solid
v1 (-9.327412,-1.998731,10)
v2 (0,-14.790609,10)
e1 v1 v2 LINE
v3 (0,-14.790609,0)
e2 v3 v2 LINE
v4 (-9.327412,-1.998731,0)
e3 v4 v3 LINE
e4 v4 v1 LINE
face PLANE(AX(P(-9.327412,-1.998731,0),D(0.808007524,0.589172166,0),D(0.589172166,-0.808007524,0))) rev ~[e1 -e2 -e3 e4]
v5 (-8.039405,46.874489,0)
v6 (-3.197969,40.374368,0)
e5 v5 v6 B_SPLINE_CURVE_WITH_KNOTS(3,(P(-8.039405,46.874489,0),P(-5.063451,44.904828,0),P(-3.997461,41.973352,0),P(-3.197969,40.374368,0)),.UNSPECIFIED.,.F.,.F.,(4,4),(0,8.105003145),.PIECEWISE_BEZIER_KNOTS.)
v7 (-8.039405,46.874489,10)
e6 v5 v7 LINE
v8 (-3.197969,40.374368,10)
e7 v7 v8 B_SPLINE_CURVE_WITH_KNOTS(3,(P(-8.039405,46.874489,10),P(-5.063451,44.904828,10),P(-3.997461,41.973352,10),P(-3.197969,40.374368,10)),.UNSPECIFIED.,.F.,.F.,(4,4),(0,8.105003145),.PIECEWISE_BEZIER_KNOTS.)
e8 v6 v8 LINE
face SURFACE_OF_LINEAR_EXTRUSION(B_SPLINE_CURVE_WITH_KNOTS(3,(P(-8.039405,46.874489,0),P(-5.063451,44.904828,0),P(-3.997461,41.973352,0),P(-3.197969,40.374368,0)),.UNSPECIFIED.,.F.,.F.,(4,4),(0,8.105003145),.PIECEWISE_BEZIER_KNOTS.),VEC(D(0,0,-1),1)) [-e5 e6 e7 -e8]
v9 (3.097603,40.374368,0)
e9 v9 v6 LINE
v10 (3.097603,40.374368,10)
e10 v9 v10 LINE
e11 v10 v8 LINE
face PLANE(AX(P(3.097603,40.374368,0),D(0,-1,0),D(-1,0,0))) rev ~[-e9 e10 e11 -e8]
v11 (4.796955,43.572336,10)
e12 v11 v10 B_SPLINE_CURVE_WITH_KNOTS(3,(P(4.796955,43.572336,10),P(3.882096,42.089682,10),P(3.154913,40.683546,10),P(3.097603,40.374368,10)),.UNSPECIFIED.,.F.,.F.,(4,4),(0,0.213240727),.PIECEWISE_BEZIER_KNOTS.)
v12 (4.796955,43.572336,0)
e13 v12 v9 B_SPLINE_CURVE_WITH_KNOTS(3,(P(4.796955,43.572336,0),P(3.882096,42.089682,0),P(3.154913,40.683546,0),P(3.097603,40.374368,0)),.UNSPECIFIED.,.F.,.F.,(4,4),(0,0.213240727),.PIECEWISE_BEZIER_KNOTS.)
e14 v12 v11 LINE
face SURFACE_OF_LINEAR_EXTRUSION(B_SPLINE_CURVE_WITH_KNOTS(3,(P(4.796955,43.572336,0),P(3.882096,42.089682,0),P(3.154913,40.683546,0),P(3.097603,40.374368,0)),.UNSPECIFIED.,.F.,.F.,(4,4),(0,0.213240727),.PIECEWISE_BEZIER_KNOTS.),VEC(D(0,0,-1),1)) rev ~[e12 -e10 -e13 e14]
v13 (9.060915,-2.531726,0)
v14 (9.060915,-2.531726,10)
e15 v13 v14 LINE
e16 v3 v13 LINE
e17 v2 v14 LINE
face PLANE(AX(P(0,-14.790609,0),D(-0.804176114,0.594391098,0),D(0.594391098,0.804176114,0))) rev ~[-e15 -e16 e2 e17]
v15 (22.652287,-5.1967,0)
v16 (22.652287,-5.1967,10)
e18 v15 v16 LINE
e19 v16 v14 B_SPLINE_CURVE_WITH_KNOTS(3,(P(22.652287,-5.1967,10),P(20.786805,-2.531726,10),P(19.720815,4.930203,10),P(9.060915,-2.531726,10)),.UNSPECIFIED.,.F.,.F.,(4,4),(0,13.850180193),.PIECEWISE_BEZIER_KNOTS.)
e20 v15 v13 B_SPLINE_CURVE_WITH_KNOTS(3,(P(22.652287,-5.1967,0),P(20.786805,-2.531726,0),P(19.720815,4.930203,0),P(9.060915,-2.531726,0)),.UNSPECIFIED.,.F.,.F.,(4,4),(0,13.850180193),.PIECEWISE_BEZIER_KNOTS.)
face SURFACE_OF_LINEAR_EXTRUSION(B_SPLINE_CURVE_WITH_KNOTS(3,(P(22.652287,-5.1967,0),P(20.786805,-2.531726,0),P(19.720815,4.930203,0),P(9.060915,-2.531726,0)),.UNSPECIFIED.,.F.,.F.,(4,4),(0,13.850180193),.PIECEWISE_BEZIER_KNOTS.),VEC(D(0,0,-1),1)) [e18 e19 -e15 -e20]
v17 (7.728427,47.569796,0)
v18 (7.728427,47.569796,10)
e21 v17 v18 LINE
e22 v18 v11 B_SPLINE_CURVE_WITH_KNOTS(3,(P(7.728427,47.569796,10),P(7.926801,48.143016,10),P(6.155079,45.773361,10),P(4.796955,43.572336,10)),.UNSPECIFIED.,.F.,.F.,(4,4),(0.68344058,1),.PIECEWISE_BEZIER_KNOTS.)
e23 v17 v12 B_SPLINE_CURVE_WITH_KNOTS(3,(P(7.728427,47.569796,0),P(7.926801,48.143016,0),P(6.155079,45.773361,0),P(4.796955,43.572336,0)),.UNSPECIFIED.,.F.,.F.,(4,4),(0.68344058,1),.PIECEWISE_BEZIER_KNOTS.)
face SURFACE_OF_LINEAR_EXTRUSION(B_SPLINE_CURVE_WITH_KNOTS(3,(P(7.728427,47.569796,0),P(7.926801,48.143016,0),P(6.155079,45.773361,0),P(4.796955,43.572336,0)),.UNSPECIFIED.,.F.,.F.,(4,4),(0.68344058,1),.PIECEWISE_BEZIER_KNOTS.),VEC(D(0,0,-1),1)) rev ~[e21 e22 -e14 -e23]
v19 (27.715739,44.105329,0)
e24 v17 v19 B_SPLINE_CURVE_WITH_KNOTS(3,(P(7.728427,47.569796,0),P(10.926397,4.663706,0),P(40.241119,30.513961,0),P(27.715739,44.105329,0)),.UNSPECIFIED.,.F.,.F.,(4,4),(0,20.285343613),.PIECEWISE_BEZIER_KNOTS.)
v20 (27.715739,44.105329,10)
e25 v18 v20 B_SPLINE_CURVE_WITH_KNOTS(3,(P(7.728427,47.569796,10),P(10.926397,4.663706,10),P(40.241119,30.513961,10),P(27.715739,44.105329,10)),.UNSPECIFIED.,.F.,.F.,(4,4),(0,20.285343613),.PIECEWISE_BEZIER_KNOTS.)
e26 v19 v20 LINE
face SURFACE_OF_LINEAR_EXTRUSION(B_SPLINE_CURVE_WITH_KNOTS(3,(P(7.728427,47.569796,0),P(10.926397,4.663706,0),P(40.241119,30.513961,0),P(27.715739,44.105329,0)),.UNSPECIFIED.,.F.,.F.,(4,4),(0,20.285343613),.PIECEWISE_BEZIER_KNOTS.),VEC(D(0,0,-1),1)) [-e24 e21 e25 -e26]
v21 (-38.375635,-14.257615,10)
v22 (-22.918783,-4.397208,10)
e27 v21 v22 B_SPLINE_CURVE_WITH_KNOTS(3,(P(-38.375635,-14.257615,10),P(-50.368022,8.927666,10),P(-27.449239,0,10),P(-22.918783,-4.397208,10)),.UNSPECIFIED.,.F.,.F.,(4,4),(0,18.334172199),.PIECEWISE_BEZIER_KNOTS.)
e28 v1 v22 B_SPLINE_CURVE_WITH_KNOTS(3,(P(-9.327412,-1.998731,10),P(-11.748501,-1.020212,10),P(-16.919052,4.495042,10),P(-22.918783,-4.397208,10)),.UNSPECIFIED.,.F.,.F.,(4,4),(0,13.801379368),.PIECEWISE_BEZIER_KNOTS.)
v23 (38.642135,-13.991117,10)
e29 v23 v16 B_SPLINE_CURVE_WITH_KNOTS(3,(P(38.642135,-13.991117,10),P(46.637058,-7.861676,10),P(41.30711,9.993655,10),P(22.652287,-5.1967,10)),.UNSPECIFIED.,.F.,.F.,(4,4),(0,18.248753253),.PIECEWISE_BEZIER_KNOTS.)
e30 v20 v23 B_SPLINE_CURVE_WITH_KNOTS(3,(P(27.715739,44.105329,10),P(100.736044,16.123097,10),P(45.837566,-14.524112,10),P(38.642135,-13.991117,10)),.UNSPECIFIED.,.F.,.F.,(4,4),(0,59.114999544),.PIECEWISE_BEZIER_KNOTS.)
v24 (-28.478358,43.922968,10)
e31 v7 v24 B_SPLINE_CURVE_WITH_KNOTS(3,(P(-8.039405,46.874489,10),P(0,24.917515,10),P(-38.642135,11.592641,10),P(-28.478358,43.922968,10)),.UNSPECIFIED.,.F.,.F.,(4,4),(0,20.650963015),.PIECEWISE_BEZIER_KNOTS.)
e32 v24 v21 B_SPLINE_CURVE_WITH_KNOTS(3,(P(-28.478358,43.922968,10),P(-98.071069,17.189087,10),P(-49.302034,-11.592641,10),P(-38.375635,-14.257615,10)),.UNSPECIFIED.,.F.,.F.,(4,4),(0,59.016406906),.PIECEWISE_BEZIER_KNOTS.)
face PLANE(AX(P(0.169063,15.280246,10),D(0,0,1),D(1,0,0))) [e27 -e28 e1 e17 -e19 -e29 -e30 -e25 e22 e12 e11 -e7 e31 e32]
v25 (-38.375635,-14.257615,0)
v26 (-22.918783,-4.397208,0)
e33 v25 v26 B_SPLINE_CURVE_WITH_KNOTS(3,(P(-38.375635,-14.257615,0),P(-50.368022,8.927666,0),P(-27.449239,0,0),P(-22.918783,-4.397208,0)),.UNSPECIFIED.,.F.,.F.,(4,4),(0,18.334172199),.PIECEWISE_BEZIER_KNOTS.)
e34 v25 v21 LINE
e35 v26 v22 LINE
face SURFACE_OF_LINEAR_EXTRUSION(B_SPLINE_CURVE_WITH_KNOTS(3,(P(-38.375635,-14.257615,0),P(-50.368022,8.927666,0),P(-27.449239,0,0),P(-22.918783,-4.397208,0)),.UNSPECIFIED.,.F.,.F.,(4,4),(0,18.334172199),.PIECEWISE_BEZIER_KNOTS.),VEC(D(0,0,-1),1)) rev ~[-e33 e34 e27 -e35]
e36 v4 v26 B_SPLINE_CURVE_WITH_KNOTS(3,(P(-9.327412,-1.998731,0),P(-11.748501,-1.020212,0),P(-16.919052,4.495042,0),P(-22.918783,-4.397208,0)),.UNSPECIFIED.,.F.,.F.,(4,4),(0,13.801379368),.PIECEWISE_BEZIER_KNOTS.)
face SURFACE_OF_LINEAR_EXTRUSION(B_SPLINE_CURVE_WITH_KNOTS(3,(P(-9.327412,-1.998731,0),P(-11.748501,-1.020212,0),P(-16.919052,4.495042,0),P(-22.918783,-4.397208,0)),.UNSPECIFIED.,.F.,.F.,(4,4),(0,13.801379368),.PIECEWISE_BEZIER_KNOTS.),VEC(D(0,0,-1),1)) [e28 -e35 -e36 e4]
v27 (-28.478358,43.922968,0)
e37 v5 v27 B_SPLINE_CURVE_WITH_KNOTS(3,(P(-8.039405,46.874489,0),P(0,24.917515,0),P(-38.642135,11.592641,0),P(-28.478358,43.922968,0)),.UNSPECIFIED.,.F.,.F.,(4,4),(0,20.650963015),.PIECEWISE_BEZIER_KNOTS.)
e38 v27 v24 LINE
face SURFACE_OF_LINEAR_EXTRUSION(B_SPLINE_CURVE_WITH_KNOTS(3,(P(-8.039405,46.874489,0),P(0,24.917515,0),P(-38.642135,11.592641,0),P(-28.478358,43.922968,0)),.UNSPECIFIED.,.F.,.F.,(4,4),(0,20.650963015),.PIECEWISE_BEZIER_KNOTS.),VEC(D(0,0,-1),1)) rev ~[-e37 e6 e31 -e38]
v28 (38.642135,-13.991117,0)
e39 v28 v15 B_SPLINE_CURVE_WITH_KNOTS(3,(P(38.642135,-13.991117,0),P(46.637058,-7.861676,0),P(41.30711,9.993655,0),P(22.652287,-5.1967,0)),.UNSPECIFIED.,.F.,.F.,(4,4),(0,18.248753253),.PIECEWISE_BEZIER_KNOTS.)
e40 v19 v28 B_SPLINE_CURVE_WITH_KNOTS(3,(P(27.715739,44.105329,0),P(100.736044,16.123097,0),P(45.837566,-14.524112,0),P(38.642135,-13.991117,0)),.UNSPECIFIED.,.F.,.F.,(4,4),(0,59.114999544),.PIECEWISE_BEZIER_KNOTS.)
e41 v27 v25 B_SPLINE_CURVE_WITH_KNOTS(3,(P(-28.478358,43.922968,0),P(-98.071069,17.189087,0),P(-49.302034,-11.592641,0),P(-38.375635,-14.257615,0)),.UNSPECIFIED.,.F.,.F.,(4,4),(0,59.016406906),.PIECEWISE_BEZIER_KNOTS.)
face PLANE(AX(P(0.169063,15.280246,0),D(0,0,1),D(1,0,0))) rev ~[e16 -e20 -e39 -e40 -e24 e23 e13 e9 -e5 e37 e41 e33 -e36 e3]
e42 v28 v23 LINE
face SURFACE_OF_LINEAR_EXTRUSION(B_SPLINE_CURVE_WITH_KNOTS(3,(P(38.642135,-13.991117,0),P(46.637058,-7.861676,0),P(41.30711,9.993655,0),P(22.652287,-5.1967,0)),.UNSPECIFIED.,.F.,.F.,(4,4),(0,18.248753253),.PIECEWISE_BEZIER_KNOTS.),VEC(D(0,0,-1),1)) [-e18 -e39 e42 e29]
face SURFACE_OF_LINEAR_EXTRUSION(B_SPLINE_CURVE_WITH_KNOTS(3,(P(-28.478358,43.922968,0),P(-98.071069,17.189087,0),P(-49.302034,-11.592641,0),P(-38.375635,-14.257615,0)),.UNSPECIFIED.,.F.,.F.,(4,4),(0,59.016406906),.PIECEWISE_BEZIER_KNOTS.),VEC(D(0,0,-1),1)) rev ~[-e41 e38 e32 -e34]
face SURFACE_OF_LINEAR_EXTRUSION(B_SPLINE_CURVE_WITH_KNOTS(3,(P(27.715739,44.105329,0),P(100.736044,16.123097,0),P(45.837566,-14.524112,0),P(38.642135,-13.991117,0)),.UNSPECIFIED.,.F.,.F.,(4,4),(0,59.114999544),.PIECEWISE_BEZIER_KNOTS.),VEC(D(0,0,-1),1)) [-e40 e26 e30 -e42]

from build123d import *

# Parameters (mm, degrees)
F1_DEPTH = 10
F2_DEPTH = 10


with BuildPart() as f1:
    # F0 (on Top) → F1 (new body)
    with BuildSketch(Plane.XY):
        with BuildLine():
            Line((3.0976026609, 40.3743684292), (-3.1979687046, 40.3743684292))
            add(Edge.make_bspline(
                [(-8.0394047152, 46.8744894546), (-5.0634508952, 44.9048280716), (-3.997460939, 41.9733524323), (-3.1979687046, 40.3743684292)],
                knots=[0, 0, 0, 0, 8.1050031455, 8.1050031455, 8.1050031455, 8.1050031455], degree=3))
            add(Edge.make_bspline(
                [(-8.0394047152, 46.8744894546), (0, 24.9175149947), (-38.6421345174, 11.5926405415), (-28.4783576003, 43.922968086)],
                knots=[0, 0, 0, 0, 20.6509630146, 20.6509630146, 20.6509630146, 20.6509630146], degree=3))
            add(Edge.make_bspline(
                [(-28.4783576003, 43.922968086), (-98.0710685253, 17.1890873462), (-49.30203408, -11.5926405415), (-38.3756347001, -14.2576145008)],
                knots=[0, 0, 0, 0, 59.0164069063, 59.0164069063, 59.0164069063, 59.0164069063], degree=3))
            add(Edge.make_bspline(
                [(-38.3756347001, -14.2576145008), (-50.3680221736, 8.9276656508), (-27.4492390454, 0), (-22.9187831283, -4.3972083367)],
                knots=[0, 0, 0, 0, 18.3341721993, 18.3341721993, 18.3341721993, 18.3341721993], degree=3))
            add(Edge.make_bspline(
                [(-9.3274116516, -1.9987309352), (-11.7485010996, -1.0202123085), (-16.9190522283, 4.4950419106), (-22.9187831283, -4.3972083367)],
                knots=[0, 0, 0, 0, 13.8013793681, 13.8013793681, 13.8013793681, 13.8013793681], degree=3))
            Line((-9.3274116516, -1.9987309352), (0, -14.790609479))
            Line((0, -14.790609479), (9.0609146282, -2.5317261461))
            add(Edge.make_bspline(
                [(22.6522870362, -5.1967003383), (20.7868050784, -2.5317261461), (19.7208151221, 4.9302033149), (9.0609146282, -2.5317261461)],
                knots=[0, 0, 0, 0, 13.8501801929, 13.8501801929, 13.8501801929, 13.8501801929], degree=3))
            add(Edge.make_bspline(
                [(38.6421345174, -13.9911174774), (46.6370582581, -7.8616756946), (41.3071103394, 9.9936546758), (22.6522870362, -5.1967003383)],
                knots=[0, 0, 0, 0, 18.2487532531, 18.2487532531, 18.2487532531, 18.2487532531], degree=3))
            add(Edge.make_bspline(
                [(27.7157388628, 44.1053286195), (100.7360443473, 16.1230973899), (45.8375662565, -14.5241124555), (38.6421345174, -13.9911174774)],
                knots=[0, 0, 0, 0, 59.114999544, 59.114999544, 59.114999544, 59.114999544], degree=3))
            add(Edge.make_bspline(
                [(7.7284271829, 47.569796443), (10.926396586, 4.6637058258), (40.2411185205, 30.5139608681), (27.7157388628, 44.1053286195)],
                knots=[0, 0, 0, 0, 20.2853436128, 20.2853436128, 20.2853436128, 20.2853436128], degree=3))
            add(Edge.make_bspline(
                [(3.1979703344, 40.3743684292), (3.8295369522, 41.0204581019), (7.468618972, 46.819058009), (7.7284271829, 47.569796443)],
                knots=[0.268846453, 0.268846453, 0.268846453, 0.268846453, 0.6834405804, 0.6834405804, 0.6834405804, 0.6834405804], degree=3))
            add(Edge.make_bspline(
                [(3.0976026609, 40.3743684292), (3.0826582179, 40.2937456666), (3.1132640682, 40.2877143181), (3.1979703344, 40.3743684292)],
                knots=[0.2132407266, 0.2132407266, 0.2132407266, 0.2132407266, 0.268846453, 0.268846453, 0.268846453, 0.268846453], degree=3))
        make_face()
        with BuildLine():
            add(Edge.make_bspline(
                [(4.7969548032, 43.5723364353), (3.882095611, 42.089682322), (3.1549126557, 40.683546235), (3.0976026609, 40.3743684292)],
                knots=[0, 0, 0, 0, 0.2132407266, 0.2132407266, 0.2132407266, 0.2132407266], degree=3))
            Line((3.0976026609, 40.3743684292), (3.1979703344, 40.3743684292))
            add(Edge.make_bspline(
                [(3.1979703344, 40.3743684292), (3.8295369522, 41.0204581019), (7.468618972, 46.819058009), (7.7284271829, 47.569796443)],
                knots=[0.268846453, 0.268846453, 0.268846453, 0.268846453, 0.6834405804, 0.6834405804, 0.6834405804, 0.6834405804], degree=3))
            add(Edge.make_bspline(
                [(7.7284271829, 47.569796443), (7.9268012818, 48.1430156645), (6.1550785515, 45.7733612259), (4.7969548032, 43.5723364353)],
                knots=[0.6834405804, 0.6834405804, 0.6834405804, 0.6834405804, 1, 1, 1, 1], degree=3))
        make_face()
        with BuildLine():
            Line((3.1979703344, 40.3743684292), (3.0976026609, 40.3743684292))
            add(Edge.make_bspline(
                [(3.0976026609, 40.3743684292), (3.0826582179, 40.2937456666), (3.1132640682, 40.2877143181), (3.1979703344, 40.3743684292)],
                knots=[0.2132407266, 0.2132407266, 0.2132407266, 0.2132407266, 0.268846453, 0.268846453, 0.268846453, 0.268846453], degree=3))
        make_face()
    extrude(amount=F1_DEPTH)

    # F0 (on Top) → F2 (join)
    with BuildSketch(Plane.XY):
        with BuildLine():
            Line((3.0976026609, 40.3743684292), (-3.1979687046, 40.3743684292))
            add(Edge.make_bspline(
                [(-8.0394047152, 46.8744894546), (-5.0634508952, 44.9048280716), (-3.997460939, 41.9733524323), (-3.1979687046, 40.3743684292)],
                knots=[0, 0, 0, 0, 8.1050031455, 8.1050031455, 8.1050031455, 8.1050031455], degree=3))
            add(Edge.make_bspline(
                [(-8.0394047152, 46.8744894546), (0, 24.9175149947), (-38.6421345174, 11.5926405415), (-28.4783576003, 43.922968086)],
                knots=[0, 0, 0, 0, 20.6509630146, 20.6509630146, 20.6509630146, 20.6509630146], degree=3))
            add(Edge.make_bspline(
                [(-28.4783576003, 43.922968086), (-98.0710685253, 17.1890873462), (-49.30203408, -11.5926405415), (-38.3756347001, -14.2576145008)],
                knots=[0, 0, 0, 0, 59.0164069063, 59.0164069063, 59.0164069063, 59.0164069063], degree=3))
            add(Edge.make_bspline(
                [(-38.3756347001, -14.2576145008), (-50.3680221736, 8.9276656508), (-27.4492390454, 0), (-22.9187831283, -4.3972083367)],
                knots=[0, 0, 0, 0, 18.3341721993, 18.3341721993, 18.3341721993, 18.3341721993], degree=3))
            add(Edge.make_bspline(
                [(-9.3274116516, -1.9987309352), (-11.7485010996, -1.0202123085), (-16.9190522283, 4.4950419106), (-22.9187831283, -4.3972083367)],
                knots=[0, 0, 0, 0, 13.8013793681, 13.8013793681, 13.8013793681, 13.8013793681], degree=3))
            Line((-9.3274116516, -1.9987309352), (0, -14.790609479))
            Line((0, -14.790609479), (9.0609146282, -2.5317261461))
            add(Edge.make_bspline(
                [(22.6522870362, -5.1967003383), (20.7868050784, -2.5317261461), (19.7208151221, 4.9302033149), (9.0609146282, -2.5317261461)],
                knots=[0, 0, 0, 0, 13.8501801929, 13.8501801929, 13.8501801929, 13.8501801929], degree=3))
            add(Edge.make_bspline(
                [(38.6421345174, -13.9911174774), (46.6370582581, -7.8616756946), (41.3071103394, 9.9936546758), (22.6522870362, -5.1967003383)],
                knots=[0, 0, 0, 0, 18.2487532531, 18.2487532531, 18.2487532531, 18.2487532531], degree=3))
            add(Edge.make_bspline(
                [(27.7157388628, 44.1053286195), (100.7360443473, 16.1230973899), (45.8375662565, -14.5241124555), (38.6421345174, -13.9911174774)],
                knots=[0, 0, 0, 0, 59.114999544, 59.114999544, 59.114999544, 59.114999544], degree=3))
            add(Edge.make_bspline(
                [(7.7284271829, 47.569796443), (10.926396586, 4.6637058258), (40.2411185205, 30.5139608681), (27.7157388628, 44.1053286195)],
                knots=[0, 0, 0, 0, 20.2853436128, 20.2853436128, 20.2853436128, 20.2853436128], degree=3))
            add(Edge.make_bspline(
                [(3.1979703344, 40.3743684292), (3.8295369522, 41.0204581019), (7.468618972, 46.819058009), (7.7284271829, 47.569796443)],
                knots=[0.268846453, 0.268846453, 0.268846453, 0.268846453, 0.6834405804, 0.6834405804, 0.6834405804, 0.6834405804], degree=3))
            add(Edge.make_bspline(
                [(3.0976026609, 40.3743684292), (3.0826582179, 40.2937456666), (3.1132640682, 40.2877143181), (3.1979703344, 40.3743684292)],
                knots=[0.2132407266, 0.2132407266, 0.2132407266, 0.2132407266, 0.268846453, 0.268846453, 0.268846453, 0.268846453], degree=3))
        make_face()
        with BuildLine():
            add(Edge.make_bspline(
                [(4.7969548032, 43.5723364353), (3.882095611, 42.089682322), (3.1549126557, 40.683546235), (3.0976026609, 40.3743684292)],
                knots=[0, 0, 0, 0, 0.2132407266, 0.2132407266, 0.2132407266, 0.2132407266], degree=3))
            Line((3.0976026609, 40.3743684292), (3.1979703344, 40.3743684292))
            add(Edge.make_bspline(
                [(3.1979703344, 40.3743684292), (3.8295369522, 41.0204581019), (7.468618972, 46.819058009), (7.7284271829, 47.569796443)],
                knots=[0.268846453, 0.268846453, 0.268846453, 0.268846453, 0.6834405804, 0.6834405804, 0.6834405804, 0.6834405804], degree=3))
            add(Edge.make_bspline(
                [(7.7284271829, 47.569796443), (7.9268012818, 48.1430156645), (6.1550785515, 45.7733612259), (4.7969548032, 43.5723364353)],
                knots=[0.6834405804, 0.6834405804, 0.6834405804, 0.6834405804, 1, 1, 1, 1], degree=3))
        make_face()
        with BuildLine():
            Line((3.1979703344, 40.3743684292), (3.0976026609, 40.3743684292))
            add(Edge.make_bspline(
                [(3.0976026609, 40.3743684292), (3.0826582179, 40.2937456666), (3.1132640682, 40.2877143181), (3.1979703344, 40.3743684292)],
                knots=[0.2132407266, 0.2132407266, 0.2132407266, 0.2132407266, 0.268846453, 0.268846453, 0.268846453, 0.268846453], degree=3))
        make_face()
    extrude(amount=F2_DEPTH)


solid = f1.part
